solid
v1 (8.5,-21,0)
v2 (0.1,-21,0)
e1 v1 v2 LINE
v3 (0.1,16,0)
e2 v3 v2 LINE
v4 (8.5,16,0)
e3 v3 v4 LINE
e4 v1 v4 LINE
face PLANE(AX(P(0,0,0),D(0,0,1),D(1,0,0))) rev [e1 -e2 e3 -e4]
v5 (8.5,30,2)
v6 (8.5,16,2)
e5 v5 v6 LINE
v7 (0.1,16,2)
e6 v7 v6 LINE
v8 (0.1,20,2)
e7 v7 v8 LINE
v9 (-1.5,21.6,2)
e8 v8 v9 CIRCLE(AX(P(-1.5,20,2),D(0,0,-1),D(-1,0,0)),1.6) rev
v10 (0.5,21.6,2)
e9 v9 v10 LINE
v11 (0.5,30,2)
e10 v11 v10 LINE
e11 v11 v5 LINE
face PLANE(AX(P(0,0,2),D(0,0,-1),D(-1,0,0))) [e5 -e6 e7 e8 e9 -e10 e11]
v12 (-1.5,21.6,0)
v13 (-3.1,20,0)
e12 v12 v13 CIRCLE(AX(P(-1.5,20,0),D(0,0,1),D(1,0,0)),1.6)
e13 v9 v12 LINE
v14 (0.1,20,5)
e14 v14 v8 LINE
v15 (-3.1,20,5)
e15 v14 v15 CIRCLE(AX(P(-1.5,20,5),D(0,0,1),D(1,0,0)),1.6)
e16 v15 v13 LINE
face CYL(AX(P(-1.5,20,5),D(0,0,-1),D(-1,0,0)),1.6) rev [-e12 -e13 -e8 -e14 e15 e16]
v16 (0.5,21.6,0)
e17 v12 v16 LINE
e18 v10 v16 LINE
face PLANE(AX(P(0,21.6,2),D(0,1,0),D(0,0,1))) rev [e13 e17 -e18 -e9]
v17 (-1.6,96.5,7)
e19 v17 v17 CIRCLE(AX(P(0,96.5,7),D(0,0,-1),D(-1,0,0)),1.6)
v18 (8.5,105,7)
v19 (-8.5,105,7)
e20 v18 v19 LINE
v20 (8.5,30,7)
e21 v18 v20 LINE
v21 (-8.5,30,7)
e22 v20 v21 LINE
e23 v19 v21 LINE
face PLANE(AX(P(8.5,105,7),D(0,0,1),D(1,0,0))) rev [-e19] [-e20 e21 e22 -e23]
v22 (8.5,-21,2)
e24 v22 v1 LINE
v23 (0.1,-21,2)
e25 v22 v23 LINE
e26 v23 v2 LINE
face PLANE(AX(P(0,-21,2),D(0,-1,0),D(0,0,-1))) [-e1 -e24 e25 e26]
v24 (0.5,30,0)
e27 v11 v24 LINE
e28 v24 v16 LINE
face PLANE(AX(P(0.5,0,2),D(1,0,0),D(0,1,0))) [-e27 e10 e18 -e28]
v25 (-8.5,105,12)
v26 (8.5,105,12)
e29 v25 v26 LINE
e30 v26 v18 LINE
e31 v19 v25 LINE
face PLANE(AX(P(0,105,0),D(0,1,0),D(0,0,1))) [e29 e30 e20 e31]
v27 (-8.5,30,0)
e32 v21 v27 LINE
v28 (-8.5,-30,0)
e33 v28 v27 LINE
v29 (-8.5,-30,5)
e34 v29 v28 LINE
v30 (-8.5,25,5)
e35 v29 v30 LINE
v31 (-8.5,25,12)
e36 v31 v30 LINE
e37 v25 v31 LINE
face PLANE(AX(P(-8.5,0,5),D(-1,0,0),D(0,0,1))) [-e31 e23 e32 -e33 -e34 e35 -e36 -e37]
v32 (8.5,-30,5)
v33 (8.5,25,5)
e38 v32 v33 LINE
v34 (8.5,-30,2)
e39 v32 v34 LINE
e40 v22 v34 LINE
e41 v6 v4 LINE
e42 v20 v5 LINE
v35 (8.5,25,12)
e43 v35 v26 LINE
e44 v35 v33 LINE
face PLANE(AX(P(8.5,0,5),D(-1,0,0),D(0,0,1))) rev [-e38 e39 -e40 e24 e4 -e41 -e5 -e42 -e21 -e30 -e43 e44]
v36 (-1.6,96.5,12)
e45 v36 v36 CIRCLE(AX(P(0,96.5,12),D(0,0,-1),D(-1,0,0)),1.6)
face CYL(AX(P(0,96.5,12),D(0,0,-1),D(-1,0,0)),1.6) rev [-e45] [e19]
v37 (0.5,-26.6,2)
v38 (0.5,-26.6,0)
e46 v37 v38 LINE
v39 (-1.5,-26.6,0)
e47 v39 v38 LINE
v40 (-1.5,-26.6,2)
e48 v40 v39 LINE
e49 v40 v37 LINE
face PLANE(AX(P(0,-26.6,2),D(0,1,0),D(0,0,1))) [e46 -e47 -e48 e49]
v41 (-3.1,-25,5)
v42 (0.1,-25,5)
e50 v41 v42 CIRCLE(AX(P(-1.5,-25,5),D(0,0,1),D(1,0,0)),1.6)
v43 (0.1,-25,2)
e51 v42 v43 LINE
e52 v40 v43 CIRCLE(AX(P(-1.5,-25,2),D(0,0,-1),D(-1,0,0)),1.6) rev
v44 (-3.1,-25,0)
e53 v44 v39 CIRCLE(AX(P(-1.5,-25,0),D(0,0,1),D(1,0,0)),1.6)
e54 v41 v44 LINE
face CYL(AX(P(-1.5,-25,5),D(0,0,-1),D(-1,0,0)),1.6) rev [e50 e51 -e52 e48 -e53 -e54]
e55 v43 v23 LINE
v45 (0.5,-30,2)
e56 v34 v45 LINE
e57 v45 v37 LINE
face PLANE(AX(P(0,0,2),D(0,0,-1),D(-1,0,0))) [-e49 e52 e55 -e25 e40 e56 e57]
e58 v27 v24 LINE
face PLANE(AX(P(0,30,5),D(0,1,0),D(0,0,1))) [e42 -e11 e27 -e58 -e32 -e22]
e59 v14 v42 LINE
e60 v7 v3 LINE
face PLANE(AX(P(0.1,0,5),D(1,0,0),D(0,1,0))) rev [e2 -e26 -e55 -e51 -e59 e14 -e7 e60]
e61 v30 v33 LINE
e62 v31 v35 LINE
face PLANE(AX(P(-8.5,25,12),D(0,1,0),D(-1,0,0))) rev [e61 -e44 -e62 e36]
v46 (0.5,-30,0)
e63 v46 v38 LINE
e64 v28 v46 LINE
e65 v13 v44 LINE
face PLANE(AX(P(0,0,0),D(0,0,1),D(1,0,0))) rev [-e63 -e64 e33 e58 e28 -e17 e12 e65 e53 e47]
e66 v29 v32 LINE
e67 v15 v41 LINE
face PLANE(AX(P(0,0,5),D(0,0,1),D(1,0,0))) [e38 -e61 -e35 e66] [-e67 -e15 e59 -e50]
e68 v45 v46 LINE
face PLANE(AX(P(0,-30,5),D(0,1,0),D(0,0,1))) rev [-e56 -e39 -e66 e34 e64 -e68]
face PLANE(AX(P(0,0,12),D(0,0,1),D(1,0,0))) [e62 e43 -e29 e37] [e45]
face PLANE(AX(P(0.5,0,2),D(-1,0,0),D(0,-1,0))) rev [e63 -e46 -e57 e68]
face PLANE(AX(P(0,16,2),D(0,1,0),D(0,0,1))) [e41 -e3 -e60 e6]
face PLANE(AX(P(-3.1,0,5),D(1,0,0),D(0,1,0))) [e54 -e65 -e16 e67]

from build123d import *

# Parameters (mm, degrees)
SKETCH1_W           = 17
SKETCH1_H           = 60
BOSS_EXTRUDE1_DEPTH = 5
SKETCH2_W           = 17
SKETCH2_H           = 5
BOSS_EXTRUDE2_DEPTH = 7
SKETCH3_W           = 17
SKETCH3_H           = 5
BOSS_EXTRUDE3_DEPTH = 75
SKETCH4_R           = 1.6
CUT_EXTRUDE1_DEPTH  = 106.575802152
CUT_EXTRUDE2_DEPTH  = 2


with BuildPart() as part:
    # Sketch1 → Boss-Extrude1 (new body)
    with BuildSketch(Plane.XY):
        Rectangle(SKETCH1_W, SKETCH1_H)
        with BuildLine():
            Line((0.1, 20), (0.1, -25))
            ThreePointArc((0.1, -25), (-1.5, -26.6), (-3.1, -25))
            Line((-3.1, -25), (-3.1, 20))
            ThreePointArc((-3.1, 20), (-1.5, 21.6), (0.1, 20))
        make_face(mode=Mode.SUBTRACT)
    extrude(amount=BOSS_EXTRUDE1_DEPTH)

    # Sketch2 → Boss-Extrude2 (add)
    with BuildSketch(Plane.XY.offset(5)):
        with Locations((0, 27.5)):
            Rectangle(SKETCH2_W, SKETCH2_H)
    extrude(amount=BOSS_EXTRUDE2_DEPTH)

    # Sketch3 → Boss-Extrude3 (add)
    with BuildSketch(Plane(origin=(0, 30, 0), x_dir=(1, 0, 0), z_dir=(0, 1, 0))):
        with Locations((0, -9.5)):
            Rectangle(SKETCH3_W, SKETCH3_H)
    extrude(amount=BOSS_EXTRUDE3_DEPTH)

    # Sketch4 → Cut-Extrude1 (cut, through all)
    with BuildSketch(Plane(origin=(0, 0, 7), x_dir=(-1, 0, 0), z_dir=(0, 0, -1))):
        with Locations((0, 96.5)):
            Circle(SKETCH4_R)
    extrude(amount=-CUT_EXTRUDE1_DEPTH, mode=Mode.SUBTRACT)

    # Sketch5 → Cut-Extrude2 (cut)
    with BuildSketch(Plane(origin=(0, 0, 0), x_dir=(-1, 0, 0), z_dir=(0, 0, -1))):
        Polygon((-0.5, 21.6), (-0.5, 30), (-8.5, 30), (-8.5, 16), (-0.5, 16), align=None)
        with BuildLine():
            Line((1.5, 21.6), (-0.5, 21.6))
            Line((-0.5, 21.6), (-0.5, 16))
            Line((-0.5, 16), (-0.1, 16))
            Line((-0.1, 16), (-0.1, 20))
            ThreePointArc((-0.1, 20), (0.36862915, 21.13137085), (1.5, 21.6))
        make_face()
        Polygon((-0.5, -21), (-8.5, -21), (-8.5, -30), (-0.5, -30), (-0.5, -26.6), align=None)
        with BuildLine():
            Line((-0.1, -21), (-0.5, -21))
            Line((-0.5, -21), (-0.5, -26.6))
            Line((-0.5, -26.6), (1.5, -26.6))
            ThreePointArc((1.5, -26.6), (0.36862915, -26.13137085), (-0.1, -25))
            Line((-0.1, -25), (-0.1, -21))
        make_face()
    extrude(amount=-CUT_EXTRUDE2_DEPTH, mode=Mode.SUBTRACT)


solid = part.part
